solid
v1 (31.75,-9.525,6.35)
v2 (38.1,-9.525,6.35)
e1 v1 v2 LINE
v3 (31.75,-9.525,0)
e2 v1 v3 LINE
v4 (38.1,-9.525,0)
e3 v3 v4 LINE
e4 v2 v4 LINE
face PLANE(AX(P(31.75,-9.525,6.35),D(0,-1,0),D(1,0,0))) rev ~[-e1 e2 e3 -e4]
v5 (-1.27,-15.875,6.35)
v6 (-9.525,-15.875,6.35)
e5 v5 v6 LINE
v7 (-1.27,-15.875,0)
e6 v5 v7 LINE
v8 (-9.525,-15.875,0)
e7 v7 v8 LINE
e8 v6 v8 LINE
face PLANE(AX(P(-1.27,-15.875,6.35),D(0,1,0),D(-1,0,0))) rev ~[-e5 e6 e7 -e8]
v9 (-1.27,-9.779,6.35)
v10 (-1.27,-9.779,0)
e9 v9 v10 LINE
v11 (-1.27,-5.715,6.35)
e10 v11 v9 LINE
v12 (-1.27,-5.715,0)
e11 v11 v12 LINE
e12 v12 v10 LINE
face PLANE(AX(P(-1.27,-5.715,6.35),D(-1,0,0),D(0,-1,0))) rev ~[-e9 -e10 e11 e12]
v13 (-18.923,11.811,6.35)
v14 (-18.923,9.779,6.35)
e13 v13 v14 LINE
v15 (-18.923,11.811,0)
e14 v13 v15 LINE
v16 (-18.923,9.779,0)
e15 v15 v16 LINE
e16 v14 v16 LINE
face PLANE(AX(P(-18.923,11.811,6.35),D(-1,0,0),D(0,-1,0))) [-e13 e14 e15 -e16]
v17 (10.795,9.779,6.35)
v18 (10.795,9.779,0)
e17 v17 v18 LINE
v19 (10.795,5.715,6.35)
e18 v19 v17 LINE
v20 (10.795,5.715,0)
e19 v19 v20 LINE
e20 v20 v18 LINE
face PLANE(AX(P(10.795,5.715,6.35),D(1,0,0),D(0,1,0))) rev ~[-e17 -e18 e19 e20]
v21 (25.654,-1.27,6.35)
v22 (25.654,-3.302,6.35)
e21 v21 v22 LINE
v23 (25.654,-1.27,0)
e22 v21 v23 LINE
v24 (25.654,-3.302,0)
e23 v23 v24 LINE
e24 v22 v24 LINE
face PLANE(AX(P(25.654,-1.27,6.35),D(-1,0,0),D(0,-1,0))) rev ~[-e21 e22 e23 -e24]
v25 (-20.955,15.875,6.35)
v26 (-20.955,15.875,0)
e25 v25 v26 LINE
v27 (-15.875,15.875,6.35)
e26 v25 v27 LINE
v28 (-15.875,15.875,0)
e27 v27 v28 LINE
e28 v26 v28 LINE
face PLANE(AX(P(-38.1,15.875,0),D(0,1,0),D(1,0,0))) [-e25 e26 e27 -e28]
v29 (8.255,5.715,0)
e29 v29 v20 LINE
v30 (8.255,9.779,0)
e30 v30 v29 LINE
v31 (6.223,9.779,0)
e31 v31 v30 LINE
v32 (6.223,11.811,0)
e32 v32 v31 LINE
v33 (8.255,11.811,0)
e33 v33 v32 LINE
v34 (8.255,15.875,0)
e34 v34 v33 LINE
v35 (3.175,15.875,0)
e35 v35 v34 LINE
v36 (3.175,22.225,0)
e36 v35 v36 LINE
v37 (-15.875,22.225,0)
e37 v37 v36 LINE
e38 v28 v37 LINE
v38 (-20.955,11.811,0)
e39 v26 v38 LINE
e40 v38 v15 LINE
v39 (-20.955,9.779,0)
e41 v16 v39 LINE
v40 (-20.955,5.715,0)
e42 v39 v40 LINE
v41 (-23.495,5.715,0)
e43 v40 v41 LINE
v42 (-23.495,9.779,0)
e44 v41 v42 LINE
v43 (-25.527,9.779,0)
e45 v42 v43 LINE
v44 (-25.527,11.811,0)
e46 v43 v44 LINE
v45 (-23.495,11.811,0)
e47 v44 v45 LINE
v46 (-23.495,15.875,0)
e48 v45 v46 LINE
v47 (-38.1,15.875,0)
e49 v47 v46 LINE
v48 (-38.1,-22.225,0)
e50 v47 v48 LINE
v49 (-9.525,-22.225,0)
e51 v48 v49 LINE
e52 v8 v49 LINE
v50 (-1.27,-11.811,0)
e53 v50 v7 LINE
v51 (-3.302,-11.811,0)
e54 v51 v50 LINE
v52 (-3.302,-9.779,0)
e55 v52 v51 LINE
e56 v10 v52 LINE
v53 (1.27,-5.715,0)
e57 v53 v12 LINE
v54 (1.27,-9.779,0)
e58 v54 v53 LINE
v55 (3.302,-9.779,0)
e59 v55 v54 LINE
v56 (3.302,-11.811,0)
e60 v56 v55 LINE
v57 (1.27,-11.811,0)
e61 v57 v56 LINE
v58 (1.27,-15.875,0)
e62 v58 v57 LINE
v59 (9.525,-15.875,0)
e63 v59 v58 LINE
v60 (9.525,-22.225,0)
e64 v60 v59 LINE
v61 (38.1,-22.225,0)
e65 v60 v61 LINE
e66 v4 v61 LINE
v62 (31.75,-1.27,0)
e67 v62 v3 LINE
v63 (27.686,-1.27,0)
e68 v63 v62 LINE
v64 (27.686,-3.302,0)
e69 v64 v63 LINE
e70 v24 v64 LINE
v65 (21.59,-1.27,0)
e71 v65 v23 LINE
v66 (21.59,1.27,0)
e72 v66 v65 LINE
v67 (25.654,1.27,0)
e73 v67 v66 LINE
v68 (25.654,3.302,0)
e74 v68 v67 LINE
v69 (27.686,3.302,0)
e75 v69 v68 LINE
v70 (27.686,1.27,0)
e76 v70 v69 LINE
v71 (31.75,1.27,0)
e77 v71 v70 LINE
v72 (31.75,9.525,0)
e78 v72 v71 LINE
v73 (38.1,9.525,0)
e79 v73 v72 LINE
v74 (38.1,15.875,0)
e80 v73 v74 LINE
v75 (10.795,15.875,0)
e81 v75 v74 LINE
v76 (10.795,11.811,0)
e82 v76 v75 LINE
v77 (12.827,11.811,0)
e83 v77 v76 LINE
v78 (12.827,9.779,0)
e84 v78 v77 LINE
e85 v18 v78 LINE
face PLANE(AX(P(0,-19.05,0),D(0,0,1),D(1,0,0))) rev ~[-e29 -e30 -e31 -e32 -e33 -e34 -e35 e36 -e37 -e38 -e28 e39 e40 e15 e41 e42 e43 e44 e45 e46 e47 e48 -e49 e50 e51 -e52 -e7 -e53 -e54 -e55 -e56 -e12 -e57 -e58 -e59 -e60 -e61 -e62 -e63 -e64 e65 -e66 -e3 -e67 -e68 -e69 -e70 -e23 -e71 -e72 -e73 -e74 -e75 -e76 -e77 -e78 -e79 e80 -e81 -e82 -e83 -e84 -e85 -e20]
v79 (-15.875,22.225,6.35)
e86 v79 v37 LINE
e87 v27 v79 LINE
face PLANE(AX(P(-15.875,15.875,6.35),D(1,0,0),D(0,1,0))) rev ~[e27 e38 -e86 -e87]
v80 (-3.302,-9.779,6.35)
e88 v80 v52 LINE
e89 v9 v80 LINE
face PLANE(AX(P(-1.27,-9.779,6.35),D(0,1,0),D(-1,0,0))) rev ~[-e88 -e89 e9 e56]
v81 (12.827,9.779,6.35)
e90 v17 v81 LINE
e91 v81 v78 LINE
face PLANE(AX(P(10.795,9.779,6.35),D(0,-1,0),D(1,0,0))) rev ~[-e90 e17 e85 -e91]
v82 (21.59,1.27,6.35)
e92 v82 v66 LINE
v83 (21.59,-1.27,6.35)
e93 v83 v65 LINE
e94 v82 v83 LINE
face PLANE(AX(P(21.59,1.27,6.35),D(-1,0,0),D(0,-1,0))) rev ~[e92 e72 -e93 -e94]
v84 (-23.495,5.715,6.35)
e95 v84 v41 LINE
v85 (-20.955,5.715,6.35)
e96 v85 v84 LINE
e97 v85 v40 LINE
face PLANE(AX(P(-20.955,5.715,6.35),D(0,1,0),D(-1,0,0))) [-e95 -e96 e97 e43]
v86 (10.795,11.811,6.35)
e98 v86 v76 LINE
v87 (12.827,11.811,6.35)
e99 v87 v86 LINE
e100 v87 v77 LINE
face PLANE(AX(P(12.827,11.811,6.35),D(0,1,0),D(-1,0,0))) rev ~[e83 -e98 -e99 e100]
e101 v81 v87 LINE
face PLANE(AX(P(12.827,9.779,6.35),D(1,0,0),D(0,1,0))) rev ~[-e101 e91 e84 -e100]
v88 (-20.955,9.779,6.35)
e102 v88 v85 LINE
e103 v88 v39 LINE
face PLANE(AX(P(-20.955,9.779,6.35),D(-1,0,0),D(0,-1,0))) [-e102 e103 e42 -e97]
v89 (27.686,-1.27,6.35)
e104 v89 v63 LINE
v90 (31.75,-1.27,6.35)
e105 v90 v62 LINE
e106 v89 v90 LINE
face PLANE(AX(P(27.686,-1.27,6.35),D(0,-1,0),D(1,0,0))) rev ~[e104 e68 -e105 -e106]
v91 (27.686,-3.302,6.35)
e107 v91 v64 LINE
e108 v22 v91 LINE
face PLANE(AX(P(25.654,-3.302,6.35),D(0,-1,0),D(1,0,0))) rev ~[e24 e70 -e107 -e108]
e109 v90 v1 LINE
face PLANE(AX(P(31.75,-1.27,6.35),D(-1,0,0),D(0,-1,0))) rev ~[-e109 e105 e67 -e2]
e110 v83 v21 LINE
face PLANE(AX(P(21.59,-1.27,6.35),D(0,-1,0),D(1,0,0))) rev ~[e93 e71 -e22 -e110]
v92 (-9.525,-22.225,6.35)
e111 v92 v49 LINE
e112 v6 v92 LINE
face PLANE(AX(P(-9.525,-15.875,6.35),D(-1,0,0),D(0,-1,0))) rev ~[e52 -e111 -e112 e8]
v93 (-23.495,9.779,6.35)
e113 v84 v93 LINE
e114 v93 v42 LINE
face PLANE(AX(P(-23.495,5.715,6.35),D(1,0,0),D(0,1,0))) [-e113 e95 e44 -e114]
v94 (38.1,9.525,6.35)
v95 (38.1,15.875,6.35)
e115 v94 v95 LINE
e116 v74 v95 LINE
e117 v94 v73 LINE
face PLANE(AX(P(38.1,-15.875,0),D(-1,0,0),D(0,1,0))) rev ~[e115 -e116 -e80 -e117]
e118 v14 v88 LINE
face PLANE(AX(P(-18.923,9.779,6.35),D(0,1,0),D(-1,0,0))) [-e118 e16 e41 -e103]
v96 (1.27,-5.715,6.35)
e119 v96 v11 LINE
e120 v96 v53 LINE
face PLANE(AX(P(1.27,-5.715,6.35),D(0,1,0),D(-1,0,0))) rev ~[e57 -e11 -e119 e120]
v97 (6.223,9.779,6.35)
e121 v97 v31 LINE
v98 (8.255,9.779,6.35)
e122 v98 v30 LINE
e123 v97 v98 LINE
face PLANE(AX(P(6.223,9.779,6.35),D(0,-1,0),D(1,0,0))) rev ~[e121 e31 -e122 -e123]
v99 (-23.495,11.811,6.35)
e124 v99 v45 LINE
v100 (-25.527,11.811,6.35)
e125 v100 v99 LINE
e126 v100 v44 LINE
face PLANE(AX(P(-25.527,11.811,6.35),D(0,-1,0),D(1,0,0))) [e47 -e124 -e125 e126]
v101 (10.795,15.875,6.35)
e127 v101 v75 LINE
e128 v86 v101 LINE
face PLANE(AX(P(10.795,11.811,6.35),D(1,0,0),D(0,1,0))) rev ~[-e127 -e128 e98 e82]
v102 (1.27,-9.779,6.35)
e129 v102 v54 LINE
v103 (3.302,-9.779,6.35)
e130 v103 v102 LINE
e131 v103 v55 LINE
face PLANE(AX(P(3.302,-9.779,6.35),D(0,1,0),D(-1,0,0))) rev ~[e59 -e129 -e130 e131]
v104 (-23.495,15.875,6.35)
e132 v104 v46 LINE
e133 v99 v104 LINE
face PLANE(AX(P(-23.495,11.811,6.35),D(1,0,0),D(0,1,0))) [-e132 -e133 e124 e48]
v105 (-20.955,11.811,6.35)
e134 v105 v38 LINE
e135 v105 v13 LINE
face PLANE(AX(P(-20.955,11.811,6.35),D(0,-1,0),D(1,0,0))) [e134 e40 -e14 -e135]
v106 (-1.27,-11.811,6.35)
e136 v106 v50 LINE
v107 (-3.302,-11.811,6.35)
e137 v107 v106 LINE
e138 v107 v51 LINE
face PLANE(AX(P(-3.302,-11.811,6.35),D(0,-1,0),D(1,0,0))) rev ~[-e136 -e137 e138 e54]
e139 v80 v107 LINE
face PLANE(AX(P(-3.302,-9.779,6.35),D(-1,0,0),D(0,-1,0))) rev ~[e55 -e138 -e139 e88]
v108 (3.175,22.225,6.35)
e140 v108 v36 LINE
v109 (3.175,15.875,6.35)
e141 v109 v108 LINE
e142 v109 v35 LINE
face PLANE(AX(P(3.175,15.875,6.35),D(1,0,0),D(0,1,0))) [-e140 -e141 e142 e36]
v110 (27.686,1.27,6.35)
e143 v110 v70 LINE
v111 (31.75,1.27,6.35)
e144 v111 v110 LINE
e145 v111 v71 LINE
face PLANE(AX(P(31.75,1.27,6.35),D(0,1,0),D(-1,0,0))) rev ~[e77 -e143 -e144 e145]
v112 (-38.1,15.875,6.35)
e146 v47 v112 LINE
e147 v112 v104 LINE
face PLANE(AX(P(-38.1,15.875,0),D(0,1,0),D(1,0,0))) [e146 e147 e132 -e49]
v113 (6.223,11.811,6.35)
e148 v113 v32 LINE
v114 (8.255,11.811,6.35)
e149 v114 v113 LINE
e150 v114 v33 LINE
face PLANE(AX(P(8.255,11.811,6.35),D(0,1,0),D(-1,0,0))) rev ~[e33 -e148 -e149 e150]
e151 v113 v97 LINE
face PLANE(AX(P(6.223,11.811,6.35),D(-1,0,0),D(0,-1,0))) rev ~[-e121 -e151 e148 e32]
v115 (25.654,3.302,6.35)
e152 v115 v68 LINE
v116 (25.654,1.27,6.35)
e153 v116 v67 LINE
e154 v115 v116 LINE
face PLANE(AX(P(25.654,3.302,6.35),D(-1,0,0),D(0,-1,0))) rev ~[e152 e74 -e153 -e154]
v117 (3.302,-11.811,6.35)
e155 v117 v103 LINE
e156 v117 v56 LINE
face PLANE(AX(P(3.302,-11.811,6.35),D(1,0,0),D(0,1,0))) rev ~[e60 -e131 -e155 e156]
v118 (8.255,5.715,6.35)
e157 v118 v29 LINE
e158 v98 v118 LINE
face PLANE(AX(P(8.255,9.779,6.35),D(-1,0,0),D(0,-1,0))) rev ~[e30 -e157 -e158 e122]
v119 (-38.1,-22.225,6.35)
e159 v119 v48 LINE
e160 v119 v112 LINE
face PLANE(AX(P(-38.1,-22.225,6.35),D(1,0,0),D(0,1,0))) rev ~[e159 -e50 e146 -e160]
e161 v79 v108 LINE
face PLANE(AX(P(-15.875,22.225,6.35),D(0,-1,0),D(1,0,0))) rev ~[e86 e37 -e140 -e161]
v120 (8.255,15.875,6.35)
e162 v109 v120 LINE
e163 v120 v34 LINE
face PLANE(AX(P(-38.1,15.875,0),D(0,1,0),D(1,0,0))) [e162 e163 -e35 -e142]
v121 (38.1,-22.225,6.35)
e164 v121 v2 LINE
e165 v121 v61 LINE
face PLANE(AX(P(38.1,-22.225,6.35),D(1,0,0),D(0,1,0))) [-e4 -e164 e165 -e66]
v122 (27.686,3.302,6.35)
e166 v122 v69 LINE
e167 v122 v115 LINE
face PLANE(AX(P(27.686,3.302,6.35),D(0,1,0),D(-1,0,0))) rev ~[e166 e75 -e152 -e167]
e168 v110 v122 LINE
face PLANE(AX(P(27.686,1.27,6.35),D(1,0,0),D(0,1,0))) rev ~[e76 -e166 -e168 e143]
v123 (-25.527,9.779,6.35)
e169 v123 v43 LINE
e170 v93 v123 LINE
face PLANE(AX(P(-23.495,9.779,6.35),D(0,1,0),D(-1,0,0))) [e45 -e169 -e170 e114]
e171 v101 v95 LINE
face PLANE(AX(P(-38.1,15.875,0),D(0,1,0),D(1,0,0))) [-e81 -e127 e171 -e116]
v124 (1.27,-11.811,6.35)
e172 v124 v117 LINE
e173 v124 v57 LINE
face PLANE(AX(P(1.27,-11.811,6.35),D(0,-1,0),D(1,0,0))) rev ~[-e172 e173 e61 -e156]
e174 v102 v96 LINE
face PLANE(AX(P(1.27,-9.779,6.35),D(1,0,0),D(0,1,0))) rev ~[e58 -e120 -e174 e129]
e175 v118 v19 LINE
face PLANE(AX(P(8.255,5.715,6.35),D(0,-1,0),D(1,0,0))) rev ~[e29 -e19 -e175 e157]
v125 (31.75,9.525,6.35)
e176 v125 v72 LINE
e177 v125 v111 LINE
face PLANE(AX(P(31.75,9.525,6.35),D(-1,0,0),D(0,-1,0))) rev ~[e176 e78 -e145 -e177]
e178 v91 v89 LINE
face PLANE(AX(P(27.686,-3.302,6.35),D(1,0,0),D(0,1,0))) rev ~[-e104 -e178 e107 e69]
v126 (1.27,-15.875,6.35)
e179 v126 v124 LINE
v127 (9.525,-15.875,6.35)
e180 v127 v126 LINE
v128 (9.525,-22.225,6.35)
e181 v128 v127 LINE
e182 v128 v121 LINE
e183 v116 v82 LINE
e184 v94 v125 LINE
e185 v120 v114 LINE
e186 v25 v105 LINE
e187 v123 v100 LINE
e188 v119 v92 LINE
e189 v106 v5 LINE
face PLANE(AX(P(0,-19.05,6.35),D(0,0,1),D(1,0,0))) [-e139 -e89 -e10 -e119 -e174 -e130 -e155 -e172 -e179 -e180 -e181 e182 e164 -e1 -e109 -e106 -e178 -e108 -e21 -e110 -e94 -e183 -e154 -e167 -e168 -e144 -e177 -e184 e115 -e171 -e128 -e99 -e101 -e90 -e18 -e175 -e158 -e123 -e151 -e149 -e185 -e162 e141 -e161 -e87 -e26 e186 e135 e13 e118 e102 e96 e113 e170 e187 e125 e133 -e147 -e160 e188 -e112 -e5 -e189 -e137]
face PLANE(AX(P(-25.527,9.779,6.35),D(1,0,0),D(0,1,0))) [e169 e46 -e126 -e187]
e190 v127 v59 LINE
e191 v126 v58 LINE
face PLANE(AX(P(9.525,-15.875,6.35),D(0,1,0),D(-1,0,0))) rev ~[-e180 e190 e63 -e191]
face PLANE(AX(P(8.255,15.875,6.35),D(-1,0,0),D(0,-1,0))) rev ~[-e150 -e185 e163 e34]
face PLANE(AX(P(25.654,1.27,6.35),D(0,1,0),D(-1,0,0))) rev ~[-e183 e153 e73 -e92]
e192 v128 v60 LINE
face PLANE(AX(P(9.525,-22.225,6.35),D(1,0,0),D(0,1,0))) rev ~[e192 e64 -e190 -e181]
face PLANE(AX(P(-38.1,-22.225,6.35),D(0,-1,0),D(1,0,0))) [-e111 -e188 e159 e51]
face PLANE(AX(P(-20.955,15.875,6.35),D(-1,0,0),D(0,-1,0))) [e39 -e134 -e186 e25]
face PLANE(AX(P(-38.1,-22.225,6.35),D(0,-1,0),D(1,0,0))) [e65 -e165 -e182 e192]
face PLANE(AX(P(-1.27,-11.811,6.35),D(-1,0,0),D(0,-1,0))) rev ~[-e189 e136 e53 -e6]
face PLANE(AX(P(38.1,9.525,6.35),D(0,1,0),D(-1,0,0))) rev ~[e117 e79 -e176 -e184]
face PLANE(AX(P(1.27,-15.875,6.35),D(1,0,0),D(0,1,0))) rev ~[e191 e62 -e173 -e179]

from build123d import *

# Parameters (mm, degrees)
SKETCH1_W           = 76.2
SKETCH1_H           = 31.75
BOSS_EXTRUDE1_DEPTH = 6.35
SKETCH2_W           = 19.05
SKETCH2_H           = 6.35
BOSS_EXTRUDE2_DEPTH = 6.35
CUT_EXTRUDE1_DEPTH  = 6.35
CUT_EXTRUDE4_DEPTH  = 6.35
SKETCH5_W           = 76.2
SKETCH5_H           = 6.35
BOSS_EXTRUDE3_DEPTH = 6.35
CUT_EXTRUDE5_DEPTH  = 6.35


with BuildPart() as part:
    # Sketch1 → Boss-Extrude1 (new body)
    with BuildSketch(Plane.XY):
        Rectangle(SKETCH1_W, SKETCH1_H)
    extrude(amount=BOSS_EXTRUDE1_DEPTH)

    # Sketch2 → Boss-Extrude2 (add)
    with BuildSketch(Plane.XY.offset(6.35)):
        with Locations((-6.35, 19.05)):
            Rectangle(SKETCH2_W, SKETCH2_H)
    extrude(amount=-BOSS_EXTRUDE2_DEPTH)

    # Sketch3 → Cut-Extrude1 (cut)
    with BuildSketch(Plane.XY.offset(6.35)):
        Polygon((-20.955, 11.811), (-18.923, 11.811), (-18.923, 9.779), (-20.955, 9.779), (-20.955, 5.715), (-23.495, 5.715), (-23.495, 9.779), (-25.527, 9.779), (-25.527, 11.811), (-23.495, 11.811), (-23.495, 15.875), (-20.955, 15.875), align=None)
        Polygon((8.255, 9.779), (8.255, 5.715), (10.795, 5.715), (10.795, 9.779), (12.827, 9.779), (12.827, 11.811), (10.795, 11.811), (10.795, 15.875), (8.255, 15.875), (8.255, 11.811), (6.223, 11.811), (6.223, 9.779), align=None)
    extrude(amount=-CUT_EXTRUDE1_DEPTH, mode=Mode.SUBTRACT)

    # Sketch4 → Cut-Extrude4 (cut)
    with BuildSketch(Plane.XY.offset(6.35)):
        Polygon((31.75, -9.525), (38.1, -9.525), (38.1, 9.525), (31.75, 9.525), (31.75, 1.27), (27.686, 1.27), (27.686, 3.302), (25.654, 3.302), (25.654, 1.27), (21.59, 1.27), (21.59, -1.27), (25.654, -1.27), (25.654, -3.302), (27.686, -3.302), (27.686, -1.27), (31.75, -1.27), align=None)
    extrude(amount=-CUT_EXTRUDE4_DEPTH, mode=Mode.SUBTRACT)

    # Sketch5 → Boss-Extrude3 (add)
    with BuildSketch(Plane.XY.offset(6.35)):
        with Locations((0, -19.05)):
            Rectangle(SKETCH5_W, SKETCH5_H)
    extrude(amount=-BOSS_EXTRUDE3_DEPTH)

    # Sketch6 → Cut-Extrude5 (cut)
    with BuildSketch(Plane.XY.offset(6.35)):
        Polygon((-9.525, -22.225), (9.525, -22.225), (9.525, -15.875), (1.27, -15.875), (1.27, -11.811), (3.302, -11.811), (3.302, -9.779), (1.27, -9.779), (1.27, -5.715), (-1.27, -5.715), (-1.27, -9.779), (-3.302, -9.779), (-3.302, -11.811), (-1.27, -11.811), (-1.27, -15.875), (-9.525, -15.875), align=None)
    extrude(amount=-CUT_EXTRUDE5_DEPTH, mode=Mode.SUBTRACT)


solid = part.part
